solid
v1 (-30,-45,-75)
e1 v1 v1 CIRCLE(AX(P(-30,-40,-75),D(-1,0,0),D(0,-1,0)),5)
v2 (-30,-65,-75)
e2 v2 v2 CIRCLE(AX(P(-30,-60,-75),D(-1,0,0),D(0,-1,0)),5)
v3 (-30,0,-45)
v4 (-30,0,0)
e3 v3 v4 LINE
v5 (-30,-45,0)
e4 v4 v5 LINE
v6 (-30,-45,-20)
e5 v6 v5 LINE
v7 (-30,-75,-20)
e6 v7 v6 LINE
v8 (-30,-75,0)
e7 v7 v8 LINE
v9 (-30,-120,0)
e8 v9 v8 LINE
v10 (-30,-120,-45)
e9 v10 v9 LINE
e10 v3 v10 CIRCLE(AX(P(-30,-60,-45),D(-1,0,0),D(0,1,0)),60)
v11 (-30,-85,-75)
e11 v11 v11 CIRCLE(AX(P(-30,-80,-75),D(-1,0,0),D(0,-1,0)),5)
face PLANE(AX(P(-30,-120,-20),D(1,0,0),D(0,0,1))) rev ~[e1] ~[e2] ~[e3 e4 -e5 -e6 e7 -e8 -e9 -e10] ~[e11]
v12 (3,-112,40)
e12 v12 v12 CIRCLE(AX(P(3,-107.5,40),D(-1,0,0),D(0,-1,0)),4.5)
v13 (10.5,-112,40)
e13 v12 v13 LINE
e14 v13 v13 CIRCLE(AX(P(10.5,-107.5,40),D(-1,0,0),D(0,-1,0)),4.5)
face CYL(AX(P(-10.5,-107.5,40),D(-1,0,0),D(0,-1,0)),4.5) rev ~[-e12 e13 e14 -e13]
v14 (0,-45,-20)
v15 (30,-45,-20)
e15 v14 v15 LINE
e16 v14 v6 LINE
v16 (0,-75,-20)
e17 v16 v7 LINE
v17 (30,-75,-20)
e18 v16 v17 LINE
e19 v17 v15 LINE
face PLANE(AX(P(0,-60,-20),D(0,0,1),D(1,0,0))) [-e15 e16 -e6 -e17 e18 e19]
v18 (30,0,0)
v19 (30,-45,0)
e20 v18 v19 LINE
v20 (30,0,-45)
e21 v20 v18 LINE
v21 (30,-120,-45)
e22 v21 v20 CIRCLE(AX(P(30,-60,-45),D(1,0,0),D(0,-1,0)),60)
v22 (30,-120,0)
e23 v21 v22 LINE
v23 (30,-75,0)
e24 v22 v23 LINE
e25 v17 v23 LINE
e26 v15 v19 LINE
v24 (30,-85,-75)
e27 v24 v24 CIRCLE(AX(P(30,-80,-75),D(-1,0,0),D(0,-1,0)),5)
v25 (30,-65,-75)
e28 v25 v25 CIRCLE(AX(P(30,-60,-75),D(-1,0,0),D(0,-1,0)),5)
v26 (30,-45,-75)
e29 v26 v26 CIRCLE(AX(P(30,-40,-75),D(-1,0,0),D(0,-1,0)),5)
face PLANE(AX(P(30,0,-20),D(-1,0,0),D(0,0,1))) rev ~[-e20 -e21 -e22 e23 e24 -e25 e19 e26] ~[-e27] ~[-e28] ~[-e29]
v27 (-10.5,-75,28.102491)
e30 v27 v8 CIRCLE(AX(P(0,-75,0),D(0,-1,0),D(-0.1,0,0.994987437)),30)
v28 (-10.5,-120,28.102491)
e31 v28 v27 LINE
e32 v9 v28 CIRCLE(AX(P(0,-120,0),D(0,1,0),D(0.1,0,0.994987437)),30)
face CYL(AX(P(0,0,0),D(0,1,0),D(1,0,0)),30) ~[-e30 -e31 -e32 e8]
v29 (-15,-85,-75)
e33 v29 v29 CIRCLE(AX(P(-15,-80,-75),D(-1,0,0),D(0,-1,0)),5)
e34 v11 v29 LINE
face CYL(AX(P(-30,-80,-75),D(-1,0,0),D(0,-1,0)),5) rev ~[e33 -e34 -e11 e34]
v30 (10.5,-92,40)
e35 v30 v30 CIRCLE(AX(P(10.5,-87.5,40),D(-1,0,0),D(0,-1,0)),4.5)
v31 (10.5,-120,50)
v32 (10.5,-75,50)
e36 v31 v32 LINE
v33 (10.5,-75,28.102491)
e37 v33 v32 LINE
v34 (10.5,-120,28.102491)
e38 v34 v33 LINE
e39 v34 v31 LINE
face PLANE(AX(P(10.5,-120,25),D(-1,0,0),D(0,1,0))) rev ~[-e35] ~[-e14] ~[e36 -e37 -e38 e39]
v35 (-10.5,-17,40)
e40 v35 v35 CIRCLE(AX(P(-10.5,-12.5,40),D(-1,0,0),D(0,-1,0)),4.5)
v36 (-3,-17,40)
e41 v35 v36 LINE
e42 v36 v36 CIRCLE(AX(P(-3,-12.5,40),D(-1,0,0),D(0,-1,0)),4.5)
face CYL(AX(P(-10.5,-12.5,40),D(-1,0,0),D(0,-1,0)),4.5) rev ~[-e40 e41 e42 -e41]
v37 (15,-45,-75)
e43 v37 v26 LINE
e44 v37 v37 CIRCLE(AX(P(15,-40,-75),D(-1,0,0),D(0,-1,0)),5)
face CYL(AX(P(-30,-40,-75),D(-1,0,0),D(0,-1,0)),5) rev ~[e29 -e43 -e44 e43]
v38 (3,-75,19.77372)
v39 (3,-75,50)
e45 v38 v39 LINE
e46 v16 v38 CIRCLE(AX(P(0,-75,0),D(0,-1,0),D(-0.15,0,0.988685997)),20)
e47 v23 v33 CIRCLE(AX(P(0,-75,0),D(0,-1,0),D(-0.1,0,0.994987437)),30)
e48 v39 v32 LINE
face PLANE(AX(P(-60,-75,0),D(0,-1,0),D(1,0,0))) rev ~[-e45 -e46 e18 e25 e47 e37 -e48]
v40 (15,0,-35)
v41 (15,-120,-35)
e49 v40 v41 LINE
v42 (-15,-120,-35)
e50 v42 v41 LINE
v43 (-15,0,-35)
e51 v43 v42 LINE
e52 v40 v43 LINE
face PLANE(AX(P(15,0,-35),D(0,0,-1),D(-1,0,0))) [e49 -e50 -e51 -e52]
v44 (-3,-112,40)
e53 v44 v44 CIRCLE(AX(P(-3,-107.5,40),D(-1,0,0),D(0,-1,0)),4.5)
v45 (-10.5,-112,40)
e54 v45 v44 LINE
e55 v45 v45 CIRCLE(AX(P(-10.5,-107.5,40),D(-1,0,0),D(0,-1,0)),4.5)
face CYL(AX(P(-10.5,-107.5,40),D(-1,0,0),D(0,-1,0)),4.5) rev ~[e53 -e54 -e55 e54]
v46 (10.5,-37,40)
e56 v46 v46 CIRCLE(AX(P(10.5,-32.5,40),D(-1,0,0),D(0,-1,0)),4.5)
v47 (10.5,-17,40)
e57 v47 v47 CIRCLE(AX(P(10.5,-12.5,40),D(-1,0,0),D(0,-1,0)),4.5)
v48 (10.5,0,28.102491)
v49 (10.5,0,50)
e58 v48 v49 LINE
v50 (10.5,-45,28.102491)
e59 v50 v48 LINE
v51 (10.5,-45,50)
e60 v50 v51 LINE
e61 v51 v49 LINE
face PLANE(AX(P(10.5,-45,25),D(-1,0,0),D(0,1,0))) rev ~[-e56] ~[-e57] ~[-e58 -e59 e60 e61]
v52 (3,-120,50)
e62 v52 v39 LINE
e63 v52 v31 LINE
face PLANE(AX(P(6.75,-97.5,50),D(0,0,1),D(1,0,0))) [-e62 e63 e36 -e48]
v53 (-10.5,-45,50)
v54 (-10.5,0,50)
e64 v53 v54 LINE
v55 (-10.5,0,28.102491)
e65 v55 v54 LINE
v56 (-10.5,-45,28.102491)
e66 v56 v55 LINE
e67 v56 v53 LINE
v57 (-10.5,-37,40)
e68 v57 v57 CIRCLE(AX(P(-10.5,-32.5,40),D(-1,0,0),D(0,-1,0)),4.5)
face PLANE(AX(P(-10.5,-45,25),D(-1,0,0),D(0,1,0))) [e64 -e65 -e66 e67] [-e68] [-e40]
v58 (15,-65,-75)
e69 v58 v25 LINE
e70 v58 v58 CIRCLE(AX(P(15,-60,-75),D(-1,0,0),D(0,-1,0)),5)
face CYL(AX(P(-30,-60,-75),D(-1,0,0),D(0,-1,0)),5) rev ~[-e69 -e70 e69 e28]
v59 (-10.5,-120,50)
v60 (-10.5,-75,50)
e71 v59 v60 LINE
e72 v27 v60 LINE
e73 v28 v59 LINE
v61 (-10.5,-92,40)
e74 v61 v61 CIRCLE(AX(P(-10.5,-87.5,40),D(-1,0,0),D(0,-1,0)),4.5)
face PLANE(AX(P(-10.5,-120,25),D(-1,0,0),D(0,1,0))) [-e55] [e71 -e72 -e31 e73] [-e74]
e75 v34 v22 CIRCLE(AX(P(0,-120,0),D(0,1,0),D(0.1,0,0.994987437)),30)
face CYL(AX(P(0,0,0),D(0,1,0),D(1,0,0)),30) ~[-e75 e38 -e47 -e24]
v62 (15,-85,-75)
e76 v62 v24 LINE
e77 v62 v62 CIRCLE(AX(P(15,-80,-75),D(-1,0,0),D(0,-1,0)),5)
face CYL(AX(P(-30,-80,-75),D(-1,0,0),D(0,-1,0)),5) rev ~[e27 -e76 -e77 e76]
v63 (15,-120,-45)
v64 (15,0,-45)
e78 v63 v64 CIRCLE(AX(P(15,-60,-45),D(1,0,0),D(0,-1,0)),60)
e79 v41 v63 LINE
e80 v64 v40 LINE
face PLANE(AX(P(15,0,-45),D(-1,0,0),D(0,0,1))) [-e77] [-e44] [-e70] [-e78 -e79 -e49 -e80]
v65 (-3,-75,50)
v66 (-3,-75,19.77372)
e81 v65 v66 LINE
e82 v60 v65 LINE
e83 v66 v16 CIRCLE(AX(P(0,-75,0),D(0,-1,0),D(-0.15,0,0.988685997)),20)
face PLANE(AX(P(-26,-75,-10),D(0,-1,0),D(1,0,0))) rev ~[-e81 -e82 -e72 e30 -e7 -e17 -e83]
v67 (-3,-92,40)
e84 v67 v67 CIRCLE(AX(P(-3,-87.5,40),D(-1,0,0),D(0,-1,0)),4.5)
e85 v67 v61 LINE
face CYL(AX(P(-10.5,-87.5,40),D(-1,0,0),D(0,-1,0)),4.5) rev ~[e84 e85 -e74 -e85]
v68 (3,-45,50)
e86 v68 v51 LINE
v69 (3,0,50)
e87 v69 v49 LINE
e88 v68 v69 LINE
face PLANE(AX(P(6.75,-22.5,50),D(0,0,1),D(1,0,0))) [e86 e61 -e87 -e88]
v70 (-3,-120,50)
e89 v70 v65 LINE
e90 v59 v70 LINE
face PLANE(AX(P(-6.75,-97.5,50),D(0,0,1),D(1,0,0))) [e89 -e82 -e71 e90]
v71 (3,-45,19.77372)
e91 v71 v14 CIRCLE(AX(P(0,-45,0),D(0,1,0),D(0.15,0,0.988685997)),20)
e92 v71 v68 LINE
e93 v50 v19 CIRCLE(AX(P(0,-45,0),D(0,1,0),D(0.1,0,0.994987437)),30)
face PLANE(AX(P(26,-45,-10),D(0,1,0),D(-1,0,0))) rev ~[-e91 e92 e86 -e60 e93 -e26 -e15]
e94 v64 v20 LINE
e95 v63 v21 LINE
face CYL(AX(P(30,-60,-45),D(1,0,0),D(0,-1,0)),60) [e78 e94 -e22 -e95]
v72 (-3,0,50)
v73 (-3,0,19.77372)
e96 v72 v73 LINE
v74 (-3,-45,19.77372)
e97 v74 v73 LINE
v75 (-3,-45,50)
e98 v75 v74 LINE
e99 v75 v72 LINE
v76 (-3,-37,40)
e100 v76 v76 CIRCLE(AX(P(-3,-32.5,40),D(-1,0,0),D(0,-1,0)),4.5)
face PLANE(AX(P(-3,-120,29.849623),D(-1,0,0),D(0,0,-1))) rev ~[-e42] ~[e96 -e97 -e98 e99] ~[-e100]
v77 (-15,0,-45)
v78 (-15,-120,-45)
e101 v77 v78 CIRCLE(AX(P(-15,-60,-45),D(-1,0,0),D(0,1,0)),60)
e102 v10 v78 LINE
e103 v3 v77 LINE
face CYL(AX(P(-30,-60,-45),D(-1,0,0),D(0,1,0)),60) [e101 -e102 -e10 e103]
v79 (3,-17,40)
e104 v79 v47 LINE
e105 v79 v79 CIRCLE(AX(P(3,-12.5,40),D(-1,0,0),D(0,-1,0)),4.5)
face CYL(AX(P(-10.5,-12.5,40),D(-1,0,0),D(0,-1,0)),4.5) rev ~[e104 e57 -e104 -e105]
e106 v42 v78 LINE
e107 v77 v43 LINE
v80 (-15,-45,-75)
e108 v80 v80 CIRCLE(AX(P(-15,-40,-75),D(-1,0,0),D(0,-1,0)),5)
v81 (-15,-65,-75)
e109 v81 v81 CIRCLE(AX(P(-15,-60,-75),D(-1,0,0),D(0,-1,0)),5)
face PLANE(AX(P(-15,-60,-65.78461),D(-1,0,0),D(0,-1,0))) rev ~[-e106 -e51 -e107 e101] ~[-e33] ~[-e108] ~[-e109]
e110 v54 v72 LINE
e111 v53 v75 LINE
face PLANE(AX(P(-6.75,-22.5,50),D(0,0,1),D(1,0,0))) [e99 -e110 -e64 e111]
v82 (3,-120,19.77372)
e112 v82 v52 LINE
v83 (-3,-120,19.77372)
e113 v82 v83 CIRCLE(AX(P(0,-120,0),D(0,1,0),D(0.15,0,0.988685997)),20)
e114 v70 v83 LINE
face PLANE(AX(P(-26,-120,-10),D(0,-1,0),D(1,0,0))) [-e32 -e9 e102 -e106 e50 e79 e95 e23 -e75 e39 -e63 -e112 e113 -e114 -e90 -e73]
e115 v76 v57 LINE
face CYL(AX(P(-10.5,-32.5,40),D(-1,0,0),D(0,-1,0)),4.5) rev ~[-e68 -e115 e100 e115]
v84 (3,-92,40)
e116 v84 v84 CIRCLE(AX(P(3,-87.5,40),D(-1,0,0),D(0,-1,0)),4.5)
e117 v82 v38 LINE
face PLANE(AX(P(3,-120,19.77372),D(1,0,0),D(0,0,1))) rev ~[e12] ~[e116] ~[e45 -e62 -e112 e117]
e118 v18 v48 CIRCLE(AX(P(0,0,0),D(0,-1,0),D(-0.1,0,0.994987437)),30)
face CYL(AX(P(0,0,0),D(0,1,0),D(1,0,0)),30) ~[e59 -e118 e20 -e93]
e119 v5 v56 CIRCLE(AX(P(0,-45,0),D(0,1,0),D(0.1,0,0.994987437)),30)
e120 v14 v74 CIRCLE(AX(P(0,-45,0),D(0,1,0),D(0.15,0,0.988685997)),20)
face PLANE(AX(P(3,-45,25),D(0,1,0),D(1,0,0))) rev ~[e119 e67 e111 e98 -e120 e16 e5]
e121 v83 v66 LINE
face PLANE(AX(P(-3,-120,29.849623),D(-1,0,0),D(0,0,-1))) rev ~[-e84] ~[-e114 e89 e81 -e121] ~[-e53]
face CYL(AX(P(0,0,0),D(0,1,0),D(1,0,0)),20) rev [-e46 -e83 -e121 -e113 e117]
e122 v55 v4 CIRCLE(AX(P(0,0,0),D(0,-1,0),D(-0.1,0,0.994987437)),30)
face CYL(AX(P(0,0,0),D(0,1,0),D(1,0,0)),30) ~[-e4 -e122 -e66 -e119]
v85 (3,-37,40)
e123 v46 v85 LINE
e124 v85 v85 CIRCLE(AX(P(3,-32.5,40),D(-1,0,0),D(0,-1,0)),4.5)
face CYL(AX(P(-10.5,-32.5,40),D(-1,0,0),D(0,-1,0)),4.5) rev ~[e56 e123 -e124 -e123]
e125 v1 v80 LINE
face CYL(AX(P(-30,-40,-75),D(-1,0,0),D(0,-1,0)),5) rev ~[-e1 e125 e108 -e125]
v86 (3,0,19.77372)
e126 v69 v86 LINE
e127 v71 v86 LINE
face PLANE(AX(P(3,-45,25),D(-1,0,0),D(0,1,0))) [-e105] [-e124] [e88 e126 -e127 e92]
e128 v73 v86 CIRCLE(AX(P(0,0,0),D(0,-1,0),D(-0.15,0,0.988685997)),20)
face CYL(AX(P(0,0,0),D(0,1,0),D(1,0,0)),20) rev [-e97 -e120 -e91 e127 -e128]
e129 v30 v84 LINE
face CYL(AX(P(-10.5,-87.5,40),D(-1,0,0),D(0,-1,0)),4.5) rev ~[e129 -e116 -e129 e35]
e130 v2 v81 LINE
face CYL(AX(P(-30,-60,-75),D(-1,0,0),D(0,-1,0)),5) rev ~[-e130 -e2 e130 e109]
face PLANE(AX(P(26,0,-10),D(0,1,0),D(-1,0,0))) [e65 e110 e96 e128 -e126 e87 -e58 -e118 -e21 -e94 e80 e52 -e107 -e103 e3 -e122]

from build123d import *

# Parameters (mm, degrees)
F0_R      = 30
F0_R_2    = 20
F1_DEPTH  = 120
F2_DEPTH  = 120
F4_DEPTH  = 120
F5_W      = 120
F5_H      = 30
F6_DEPTH  = 100
F7_W      = 120
F7_H      = 30
F8_DEPTH  = 50
F10_W     = 7.5
F10_H     = 45
F11_DEPTH = 25
F12_DEPTH = 25
F13_DEPTH = 25
F14_DEPTH = 25
F15_R     = 4.5
F16_DEPTH = 50
F17_R     = 4.5
F18_DEPTH = 50
F19_DEPTH = 50
F20_R     = 4.5
F21_DEPTH = 100
F22_DEPTH = 50
F23_R     = 4.5
F24_DEPTH = 50
F25_DEPTH = 100
F27_W     = 60
F27_H     = 120
F28_DEPTH = 25
F30_DEPTH = 15
F32_DEPTH = 15
F33_R     = 5
F34_DEPTH = 60.001
F35_DEPTH = 60.001
F36_DEPTH = 60.001
F37_W     = 30
F37_H     = 10
F38_DEPTH = 120.001
F39_W     = 8
F39_H     = 20
F40_DEPTH = 45
F41_DEPTH = 45
F42_W     = 8
F42_H     = 20
F43_DEPTH = 45
F44_DEPTH = 45


with BuildPart() as f1:
    # F0 (on Front) → F1 (new body)
    with BuildSketch(Plane.XZ):
        Circle(F0_R)
        Circle(F0_R_2, mode=Mode.SUBTRACT)
    extrude(amount=F1_DEPTH)

    # F0 (on Front) → F2 (join)
    with BuildSketch(Plane.XZ):
        Circle(F0_R)
        Circle(F0_R_2, mode=Mode.SUBTRACT)
    extrude(amount=F2_DEPTH)

    # F3 (on face) → F4 (cut)
    with BuildSketch(Plane.XZ.offset(120)):
        with BuildLine():
            ThreePointArc((3, 29.8496231132), (0, 30), (-3, 29.8496231132))
            Line((-3, 29.8496231132), (-3, 19.7737199333))
            ThreePointArc((-3, 19.7737199333), (0, 20), (3, 19.7737199333))
            Line((3, 19.7737199333), (3, 29.8496231132))
        make_face()
    extrude(amount=-F4_DEPTH, mode=Mode.SUBTRACT)

    # F5 (on Top) → F6 (cut)
    with BuildSketch(Plane.XY):
        with Locations((0, -60)):
            Rectangle(F5_W, F5_H)
    extrude(amount=-F6_DEPTH, mode=Mode.SUBTRACT)

    # F7 (on Top) → F8 (cut, symmetric)
    with BuildSketch(Plane.XY):
        with Locations((0, -60)):
            Rectangle(F7_W, F7_H)
    extrude(amount=F8_DEPTH, both=True, mode=Mode.SUBTRACT)

    # F17 (on face) → F18 (cut, symmetric)
    with BuildSketch(Plane.YZ.offset(10.5)):
        with Locations((-107.5, 40)):
            Circle(F17_R)
    extrude(amount=F18_DEPTH, both=True, mode=Mode.SUBTRACT)

    # F17 (on face) → F19 (cut, symmetric)
    with BuildSketch(Plane.YZ.offset(10.5)):
        with Locations((-87.5, 40)):
            Circle(F17_R)
    extrude(amount=F19_DEPTH, both=True, mode=Mode.SUBTRACT)

    # F23 (on face) → F24 (cut, symmetric)
    with BuildSketch(Plane.YZ.offset(10.5)):
        with Locations((-32.5, 40)):
            Circle(F23_R)
    extrude(amount=F24_DEPTH, both=True, mode=Mode.SUBTRACT)

    # F23 (on face) → F25 (cut)
    with BuildSketch(Plane.YZ.offset(10.5)):
        with Locations((-12.5, 40)):
            Circle(F23_R)
    extrude(amount=-F25_DEPTH, mode=Mode.SUBTRACT)



with BuildPart() as f11:
    # F10 (on offset) → F11 (new body)
    with BuildSketch(Plane.XY.offset(25)):
        with Locations((6.75, -22.5)):
            Rectangle(F10_W, F10_H)
    extrude(amount=F11_DEPTH)


with BuildPart() as f12:
    # F10 (on offset) → F12 (new body)
    with BuildSketch(Plane.XY.offset(25)):
        with Locations((-6.75, -22.5)):
            Rectangle(F10_W, F10_H)
    extrude(amount=F12_DEPTH)


with BuildPart() as f13:
    # F10 (on offset) → F13 (new body)
    with BuildSketch(Plane.XY.offset(25)):
        with Locations((-6.75, -97.5)):
            Rectangle(F10_W, F10_H)
    extrude(amount=F13_DEPTH)


with BuildPart() as f14:
    # F10 (on offset) → F14 (new body)
    with BuildSketch(Plane.XY.offset(25)):
        with Locations((6.75, -97.5)):
            Rectangle(F10_W, F10_H)
    extrude(amount=F14_DEPTH)


with BuildPart() as f16_tool:
    # F15 (on face) → F16 (new body, symmetric)
    with BuildSketch(Plane(origin=(-10.5, 0, 0), x_dir=(0, -1, 0), z_dir=(-1, 0, 0))):
        with Locations((107.5, 40)):
            Circle(F15_R)
        with Locations((87.5, 40)):
            Circle(F15_R)
    extrude(amount=F16_DEPTH, both=True)


with BuildPart() as f13_1:
    add(f13.part)

    # F16: cut by f16_tool
    add(f16_tool.part, mode=Mode.SUBTRACT)


with BuildPart() as f14_1:
    add(f14.part)

    # F16: cut by f16_tool
    add(f16_tool.part, mode=Mode.SUBTRACT)


with BuildPart() as f21_tool:
    # F20 (on face) → F21 (new body)
    with BuildSketch(Plane(origin=(-10.5, 0, 0), x_dir=(0, -1, 0), z_dir=(-1, 0, 0))):
        with Locations((12.5, 40)):
            Circle(F20_R)
    extrude(amount=-F21_DEPTH)


with BuildPart() as f11_1:
    add(f11.part)

    # F21: cut by f21_tool
    add(f21_tool.part, mode=Mode.SUBTRACT)


with BuildPart() as f12_1:
    add(f12.part)

    # F21: cut by f21_tool
    add(f21_tool.part, mode=Mode.SUBTRACT)


with BuildPart() as f22_tool:
    # F20 (on face) → F22 (new body, symmetric)
    with BuildSketch(Plane(origin=(-10.5, 0, 0), x_dir=(0, -1, 0), z_dir=(-1, 0, 0))):
        with Locations((32.5, 40)):
            Circle(F20_R)
    extrude(amount=F22_DEPTH, both=True)


with BuildPart() as f11_2:
    add(f11_1.part)

    # F22: cut by f22_tool
    add(f22_tool.part, mode=Mode.SUBTRACT)


with BuildPart() as f12_2:
    add(f12_1.part)

    # F22: cut by f22_tool
    add(f22_tool.part, mode=Mode.SUBTRACT)


with BuildPart() as f28:
    # F27 (on offset) → F28 (new body)
    with BuildSketch(Plane.XY.offset(-20)):
        with Locations((0, -60)):
            Rectangle(F27_W, F27_H)
    extrude(amount=-F28_DEPTH)

    # F29 (on face) → F30 (join)
    with BuildSketch(Plane.YZ.offset(30)):
        with BuildLine():
            Line((0, -45), (-120, -45))
            ThreePointArc((-120, -45), (-60, -105), (0, -45))
        make_face()
    extrude(amount=-F30_DEPTH)

    # F31 (on face) → F32 (join)
    with BuildSketch(Plane(origin=(-30, 0, 0), x_dir=(0, -1, 0), z_dir=(-1, 0, 0))):
        with BuildLine():
            Line((120, -45), (0, -45))
            ThreePointArc((0, -45), (60, -105), (120, -45))
        make_face()
    extrude(amount=-F32_DEPTH)

    # F33 (on face) → F34 (cut, through all)
    with BuildSketch(Plane(origin=(-30, 0, 0), x_dir=(0, -1, 0), z_dir=(-1, 0, 0))):
        with Locations((40, -75)):
            Circle(F33_R)
    extrude(amount=-F34_DEPTH, mode=Mode.SUBTRACT)

    # F33 (on face) → F35 (cut, through all)
    with BuildSketch(Plane(origin=(-30, 0, 0), x_dir=(0, -1, 0), z_dir=(-1, 0, 0))):
        with Locations((60, -75)):
            Circle(F33_R)
    extrude(amount=-F35_DEPTH, mode=Mode.SUBTRACT)

    # F33 (on face) → F36 (cut, through all)
    with BuildSketch(Plane(origin=(-30, 0, 0), x_dir=(0, -1, 0), z_dir=(-1, 0, 0))):
        with Locations((80, -75)):
            Circle(F33_R)
    extrude(amount=-F36_DEPTH, mode=Mode.SUBTRACT)

    # F37 (on face) → F38 (cut, through all)
    with BuildSketch(Plane(origin=(0, 0, 0), x_dir=(-1, 0, 0), z_dir=(0, 1, 0))):
        with Locations((0, -40)):
            Rectangle(F37_W, F37_H)
    extrude(amount=-F38_DEPTH, mode=Mode.SUBTRACT)


with BuildPart() as f40:
    # F39 (on face) → F40 (new body)
    with BuildSketch(Plane(origin=(0, 0, 0), x_dir=(-1, 0, 0), z_dir=(0, 1, 0))):
        with Locations((-26, -10)):
            Rectangle(F39_W, F39_H)
    extrude(amount=-F40_DEPTH)


with BuildPart() as f41:
    # F39 (on face) → F41 (new body)
    with BuildSketch(Plane(origin=(0, 0, 0), x_dir=(-1, 0, 0), z_dir=(0, 1, 0))):
        with Locations((26, -10)):
            Rectangle(F39_W, F39_H)
    extrude(amount=-F41_DEPTH)


with BuildPart() as f1_1:
    add(f1.part)

    add(f11_2.part)  # F43 merges F11

    add(f12_2.part)  # F43 merges F12

    add(f13_1.part)  # F43 merges F13

    add(f14_1.part)  # F43 merges F14

    add(f28.part)  # F43 merges F28

    add(f40.part)  # F43 merges F40

    add(f41.part)  # F43 merges F41
    # F42 (on face) → F43 (join)
    with BuildSketch(Plane.XZ.offset(120)):
        with Locations((-26, -10)):
            Rectangle(F42_W, F42_H)
    extrude(amount=-F43_DEPTH)

    # F42 (on face) → F44 (join)
    with BuildSketch(Plane.XZ.offset(120)):
        with Locations((26, -10)):
            Rectangle(F42_W, F42_H)
    extrude(amount=-F44_DEPTH)


solid = f1_1.part
